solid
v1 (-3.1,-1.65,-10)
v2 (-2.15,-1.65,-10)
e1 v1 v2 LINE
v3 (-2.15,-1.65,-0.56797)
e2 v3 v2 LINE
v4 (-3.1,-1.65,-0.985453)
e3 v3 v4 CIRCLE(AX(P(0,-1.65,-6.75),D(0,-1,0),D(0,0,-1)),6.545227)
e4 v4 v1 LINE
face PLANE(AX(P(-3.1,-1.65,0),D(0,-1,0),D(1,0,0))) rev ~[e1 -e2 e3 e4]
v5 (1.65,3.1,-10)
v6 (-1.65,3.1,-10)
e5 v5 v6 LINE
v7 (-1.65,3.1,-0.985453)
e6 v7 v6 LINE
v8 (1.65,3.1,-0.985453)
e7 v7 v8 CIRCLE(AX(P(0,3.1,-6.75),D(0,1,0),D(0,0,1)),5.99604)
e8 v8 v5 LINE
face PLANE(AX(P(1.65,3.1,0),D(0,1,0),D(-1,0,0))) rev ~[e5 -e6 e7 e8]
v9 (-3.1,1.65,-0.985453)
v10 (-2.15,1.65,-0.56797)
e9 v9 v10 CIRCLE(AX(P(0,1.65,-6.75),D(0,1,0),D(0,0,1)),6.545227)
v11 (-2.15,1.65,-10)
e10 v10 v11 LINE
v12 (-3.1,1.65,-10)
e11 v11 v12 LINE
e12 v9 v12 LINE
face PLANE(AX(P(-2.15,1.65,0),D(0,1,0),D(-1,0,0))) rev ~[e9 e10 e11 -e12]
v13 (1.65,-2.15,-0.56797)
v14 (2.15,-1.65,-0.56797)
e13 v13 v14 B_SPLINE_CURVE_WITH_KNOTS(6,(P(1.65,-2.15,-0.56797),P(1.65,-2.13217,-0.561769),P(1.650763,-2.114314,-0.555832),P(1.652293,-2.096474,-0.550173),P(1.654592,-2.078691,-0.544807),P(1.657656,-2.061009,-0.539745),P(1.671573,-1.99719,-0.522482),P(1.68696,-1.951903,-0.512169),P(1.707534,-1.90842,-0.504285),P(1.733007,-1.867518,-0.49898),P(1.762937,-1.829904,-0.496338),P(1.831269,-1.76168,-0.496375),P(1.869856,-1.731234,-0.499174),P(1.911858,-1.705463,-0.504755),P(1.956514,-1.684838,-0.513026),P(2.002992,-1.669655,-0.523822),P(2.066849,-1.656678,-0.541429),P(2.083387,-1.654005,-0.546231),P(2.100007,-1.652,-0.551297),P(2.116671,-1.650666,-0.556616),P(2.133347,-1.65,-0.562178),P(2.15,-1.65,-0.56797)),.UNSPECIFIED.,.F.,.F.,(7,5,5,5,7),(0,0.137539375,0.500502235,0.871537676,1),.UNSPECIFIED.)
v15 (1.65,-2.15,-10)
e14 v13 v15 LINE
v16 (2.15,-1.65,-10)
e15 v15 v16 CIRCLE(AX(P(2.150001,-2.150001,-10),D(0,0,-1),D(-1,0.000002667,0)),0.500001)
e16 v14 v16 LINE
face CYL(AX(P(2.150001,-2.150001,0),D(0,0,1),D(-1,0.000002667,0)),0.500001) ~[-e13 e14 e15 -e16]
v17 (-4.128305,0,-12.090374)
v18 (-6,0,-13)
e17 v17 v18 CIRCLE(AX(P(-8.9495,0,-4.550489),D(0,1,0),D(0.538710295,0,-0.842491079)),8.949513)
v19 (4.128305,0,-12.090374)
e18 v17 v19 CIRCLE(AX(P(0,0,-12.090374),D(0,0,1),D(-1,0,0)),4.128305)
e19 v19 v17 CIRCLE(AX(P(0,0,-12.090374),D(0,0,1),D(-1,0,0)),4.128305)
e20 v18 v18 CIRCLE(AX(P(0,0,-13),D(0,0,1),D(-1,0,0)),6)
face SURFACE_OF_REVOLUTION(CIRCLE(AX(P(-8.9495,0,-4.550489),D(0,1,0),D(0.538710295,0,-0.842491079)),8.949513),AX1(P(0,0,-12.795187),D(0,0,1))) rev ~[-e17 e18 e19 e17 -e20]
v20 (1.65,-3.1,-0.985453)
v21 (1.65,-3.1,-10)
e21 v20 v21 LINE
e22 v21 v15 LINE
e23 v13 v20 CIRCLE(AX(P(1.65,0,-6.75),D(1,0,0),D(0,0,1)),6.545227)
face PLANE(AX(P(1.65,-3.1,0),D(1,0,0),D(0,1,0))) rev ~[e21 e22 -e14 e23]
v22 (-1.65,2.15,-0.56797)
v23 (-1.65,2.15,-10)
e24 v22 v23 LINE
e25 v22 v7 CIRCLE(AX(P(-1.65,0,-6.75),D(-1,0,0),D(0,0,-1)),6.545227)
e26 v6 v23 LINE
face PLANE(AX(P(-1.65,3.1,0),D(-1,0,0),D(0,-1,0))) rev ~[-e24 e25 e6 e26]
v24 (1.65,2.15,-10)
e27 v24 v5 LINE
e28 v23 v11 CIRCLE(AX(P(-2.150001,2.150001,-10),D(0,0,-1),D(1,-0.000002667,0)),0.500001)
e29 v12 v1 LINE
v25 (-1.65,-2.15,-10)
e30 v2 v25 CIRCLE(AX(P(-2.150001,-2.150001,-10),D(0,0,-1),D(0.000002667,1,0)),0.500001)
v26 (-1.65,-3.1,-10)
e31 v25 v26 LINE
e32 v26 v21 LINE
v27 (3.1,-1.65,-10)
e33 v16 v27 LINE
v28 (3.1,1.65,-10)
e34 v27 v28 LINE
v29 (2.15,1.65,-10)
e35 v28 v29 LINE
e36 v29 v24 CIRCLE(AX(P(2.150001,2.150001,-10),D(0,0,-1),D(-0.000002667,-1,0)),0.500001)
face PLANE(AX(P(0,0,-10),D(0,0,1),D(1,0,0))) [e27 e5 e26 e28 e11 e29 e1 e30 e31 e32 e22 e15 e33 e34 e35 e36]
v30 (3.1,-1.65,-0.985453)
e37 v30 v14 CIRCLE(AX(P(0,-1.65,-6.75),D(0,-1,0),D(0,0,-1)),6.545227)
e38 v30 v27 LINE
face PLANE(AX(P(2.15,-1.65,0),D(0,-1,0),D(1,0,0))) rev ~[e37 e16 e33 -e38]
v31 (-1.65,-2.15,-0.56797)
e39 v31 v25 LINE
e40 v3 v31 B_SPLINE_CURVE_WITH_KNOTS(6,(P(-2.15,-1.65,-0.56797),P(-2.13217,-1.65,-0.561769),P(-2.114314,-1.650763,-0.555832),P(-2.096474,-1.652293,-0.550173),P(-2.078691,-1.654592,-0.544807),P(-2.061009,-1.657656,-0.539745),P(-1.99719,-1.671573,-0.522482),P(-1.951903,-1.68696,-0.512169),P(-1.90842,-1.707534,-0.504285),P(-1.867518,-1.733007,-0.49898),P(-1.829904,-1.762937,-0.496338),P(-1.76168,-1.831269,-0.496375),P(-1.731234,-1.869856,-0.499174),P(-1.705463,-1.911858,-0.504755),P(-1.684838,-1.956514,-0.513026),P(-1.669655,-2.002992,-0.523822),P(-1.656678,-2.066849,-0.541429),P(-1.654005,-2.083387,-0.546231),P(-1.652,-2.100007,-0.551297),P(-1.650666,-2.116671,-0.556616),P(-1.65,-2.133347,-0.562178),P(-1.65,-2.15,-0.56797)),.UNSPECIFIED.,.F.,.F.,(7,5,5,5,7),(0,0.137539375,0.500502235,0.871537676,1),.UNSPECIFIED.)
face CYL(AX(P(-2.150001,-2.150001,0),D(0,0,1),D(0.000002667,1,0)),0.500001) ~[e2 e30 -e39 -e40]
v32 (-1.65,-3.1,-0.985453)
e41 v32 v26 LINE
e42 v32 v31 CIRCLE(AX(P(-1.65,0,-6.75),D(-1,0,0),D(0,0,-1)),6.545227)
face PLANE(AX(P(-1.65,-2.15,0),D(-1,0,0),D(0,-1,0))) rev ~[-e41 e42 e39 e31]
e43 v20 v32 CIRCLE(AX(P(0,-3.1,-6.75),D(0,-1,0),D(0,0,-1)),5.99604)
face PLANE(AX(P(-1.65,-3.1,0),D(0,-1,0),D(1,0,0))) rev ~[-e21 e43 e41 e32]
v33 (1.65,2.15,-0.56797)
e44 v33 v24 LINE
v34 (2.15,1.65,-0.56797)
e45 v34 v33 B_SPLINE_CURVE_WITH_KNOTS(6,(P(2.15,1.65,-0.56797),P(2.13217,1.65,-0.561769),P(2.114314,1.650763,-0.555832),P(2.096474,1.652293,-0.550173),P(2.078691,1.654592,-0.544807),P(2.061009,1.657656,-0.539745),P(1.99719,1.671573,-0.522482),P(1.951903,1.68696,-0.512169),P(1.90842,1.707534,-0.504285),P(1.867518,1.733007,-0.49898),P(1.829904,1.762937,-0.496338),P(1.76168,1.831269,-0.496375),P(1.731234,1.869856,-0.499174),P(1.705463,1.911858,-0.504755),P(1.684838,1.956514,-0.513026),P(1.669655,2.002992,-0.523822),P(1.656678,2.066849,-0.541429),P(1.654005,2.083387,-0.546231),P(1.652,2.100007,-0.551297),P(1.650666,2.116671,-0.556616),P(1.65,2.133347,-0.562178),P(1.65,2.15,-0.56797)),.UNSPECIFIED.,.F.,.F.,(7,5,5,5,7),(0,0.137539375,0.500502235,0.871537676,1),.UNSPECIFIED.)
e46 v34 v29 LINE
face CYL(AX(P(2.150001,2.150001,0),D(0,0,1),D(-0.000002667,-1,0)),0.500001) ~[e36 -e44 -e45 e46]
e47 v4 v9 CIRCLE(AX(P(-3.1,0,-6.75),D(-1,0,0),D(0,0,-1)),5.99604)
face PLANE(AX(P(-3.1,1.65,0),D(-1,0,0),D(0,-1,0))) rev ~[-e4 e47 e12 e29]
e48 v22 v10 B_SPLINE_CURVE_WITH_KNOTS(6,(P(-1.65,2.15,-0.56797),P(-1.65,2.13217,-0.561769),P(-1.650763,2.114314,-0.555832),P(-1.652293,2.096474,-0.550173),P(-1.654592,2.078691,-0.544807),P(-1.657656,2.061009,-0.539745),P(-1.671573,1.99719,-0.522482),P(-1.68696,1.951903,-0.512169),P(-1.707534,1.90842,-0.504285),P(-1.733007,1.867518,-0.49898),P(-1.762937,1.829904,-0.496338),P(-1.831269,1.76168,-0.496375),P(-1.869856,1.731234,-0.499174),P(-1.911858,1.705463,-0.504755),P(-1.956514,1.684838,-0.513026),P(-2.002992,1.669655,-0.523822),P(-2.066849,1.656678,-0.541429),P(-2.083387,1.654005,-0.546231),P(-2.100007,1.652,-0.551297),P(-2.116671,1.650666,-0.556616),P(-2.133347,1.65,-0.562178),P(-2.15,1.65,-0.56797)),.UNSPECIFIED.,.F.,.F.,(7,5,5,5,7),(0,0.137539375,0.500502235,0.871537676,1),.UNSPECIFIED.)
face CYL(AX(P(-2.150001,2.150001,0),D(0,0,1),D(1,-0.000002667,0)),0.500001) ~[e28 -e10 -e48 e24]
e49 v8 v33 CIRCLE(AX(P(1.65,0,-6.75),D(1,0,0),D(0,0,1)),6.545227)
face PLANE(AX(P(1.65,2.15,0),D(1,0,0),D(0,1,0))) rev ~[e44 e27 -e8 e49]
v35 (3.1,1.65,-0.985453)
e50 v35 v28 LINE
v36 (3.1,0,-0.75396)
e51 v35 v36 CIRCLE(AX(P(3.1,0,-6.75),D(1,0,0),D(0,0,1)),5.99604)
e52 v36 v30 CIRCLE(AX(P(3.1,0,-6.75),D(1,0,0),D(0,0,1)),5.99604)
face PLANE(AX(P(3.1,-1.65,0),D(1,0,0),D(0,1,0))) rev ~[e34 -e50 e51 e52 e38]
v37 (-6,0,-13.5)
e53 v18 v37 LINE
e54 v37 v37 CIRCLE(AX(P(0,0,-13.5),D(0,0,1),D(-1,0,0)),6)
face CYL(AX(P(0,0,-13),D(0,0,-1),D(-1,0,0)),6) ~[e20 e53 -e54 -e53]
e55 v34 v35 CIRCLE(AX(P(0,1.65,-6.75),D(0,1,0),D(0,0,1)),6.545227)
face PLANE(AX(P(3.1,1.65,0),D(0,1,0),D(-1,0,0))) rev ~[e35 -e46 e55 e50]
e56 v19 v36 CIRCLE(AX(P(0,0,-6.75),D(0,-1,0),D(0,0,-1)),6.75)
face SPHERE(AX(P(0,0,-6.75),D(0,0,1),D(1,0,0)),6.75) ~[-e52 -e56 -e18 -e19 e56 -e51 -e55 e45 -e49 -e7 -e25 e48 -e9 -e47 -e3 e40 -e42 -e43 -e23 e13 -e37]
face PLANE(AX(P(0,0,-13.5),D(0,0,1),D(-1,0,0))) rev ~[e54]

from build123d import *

# Parameters (mm, degrees)
F3_DEPTH = 10


with BuildPart() as f1:
    # F0 (on Front) → F1 (revolve)
    with BuildSketch(Plane.XZ):
        with BuildLine():
            Line((0, 0), (0, -13.5))
            ThreePointArc((0, -13.5), (6.75, -6.75), (0, 0))
        make_face()
    revolve(axis=Axis((0, 0, -6.75), (0, 0, -1)))

    # F2 (on Top) → F3 (cut)
    with BuildSketch(Plane.XY):
        with BuildLine():
            Line((-3.1, 1.65), (-3.1, 0))
            Line((-3.1, 0), (-3.1, -1.65))
            Line((-3.1, -1.65), (-2.15, -1.65))
            ThreePointArc((-2.15, -1.65), (-1.796447, -1.796447), (-1.65, -2.15))
            Line((-1.65, -2.15), (-1.65, -3.1))
            Line((-1.65, -3.1), (0, -3.1))
            Line((0, -3.1), (1.65, -3.1))
            Line((1.65, -3.1), (1.65, -2.15))
            ThreePointArc((1.65, -2.15), (1.796447, -1.796447), (2.15, -1.65))
            Line((2.15, -1.65), (3.1, -1.65))
            Line((3.1, -1.65), (3.1, 0))
            Line((3.1, 0), (3.1, 1.65))
            Line((3.1, 1.65), (2.15, 1.65))
            ThreePointArc((2.15, 1.65), (1.796447, 1.796447), (1.65, 2.15))
            Line((1.65, 2.15), (1.65, 3.1))
            Line((1.65, 3.1), (0, 3.1))
            Line((0, 3.1), (-1.65, 3.1))
            Line((-1.65, 3.1), (-1.65, 2.15))
            ThreePointArc((-1.65, 2.15), (-1.796447, 1.796447), (-2.15, 1.65))
            Line((-2.15, 1.65), (-3.1, 1.65))
        make_face()
    extrude(amount=-F3_DEPTH, mode=Mode.SUBTRACT)

    # F4 (on Front) → F5 (revolve)
    with BuildSketch(Plane.XZ):
        with BuildLine():
            Line((-6, -13), (-6, -13.5))
            Line((-6, -13.5), (0, -13.5))
            Line((0, -13.5), (0, -12.090374))
            Line((0, -12.090374), (-4.128305, -12.090374))
            ThreePointArc((-4.128305, -12.090374), (-5.037623, -12.599775), (-6, -13))
        make_face()
    revolve(axis=Axis((0, 0, -12.795187), (0, 0, 1)))


solid = f1.part
